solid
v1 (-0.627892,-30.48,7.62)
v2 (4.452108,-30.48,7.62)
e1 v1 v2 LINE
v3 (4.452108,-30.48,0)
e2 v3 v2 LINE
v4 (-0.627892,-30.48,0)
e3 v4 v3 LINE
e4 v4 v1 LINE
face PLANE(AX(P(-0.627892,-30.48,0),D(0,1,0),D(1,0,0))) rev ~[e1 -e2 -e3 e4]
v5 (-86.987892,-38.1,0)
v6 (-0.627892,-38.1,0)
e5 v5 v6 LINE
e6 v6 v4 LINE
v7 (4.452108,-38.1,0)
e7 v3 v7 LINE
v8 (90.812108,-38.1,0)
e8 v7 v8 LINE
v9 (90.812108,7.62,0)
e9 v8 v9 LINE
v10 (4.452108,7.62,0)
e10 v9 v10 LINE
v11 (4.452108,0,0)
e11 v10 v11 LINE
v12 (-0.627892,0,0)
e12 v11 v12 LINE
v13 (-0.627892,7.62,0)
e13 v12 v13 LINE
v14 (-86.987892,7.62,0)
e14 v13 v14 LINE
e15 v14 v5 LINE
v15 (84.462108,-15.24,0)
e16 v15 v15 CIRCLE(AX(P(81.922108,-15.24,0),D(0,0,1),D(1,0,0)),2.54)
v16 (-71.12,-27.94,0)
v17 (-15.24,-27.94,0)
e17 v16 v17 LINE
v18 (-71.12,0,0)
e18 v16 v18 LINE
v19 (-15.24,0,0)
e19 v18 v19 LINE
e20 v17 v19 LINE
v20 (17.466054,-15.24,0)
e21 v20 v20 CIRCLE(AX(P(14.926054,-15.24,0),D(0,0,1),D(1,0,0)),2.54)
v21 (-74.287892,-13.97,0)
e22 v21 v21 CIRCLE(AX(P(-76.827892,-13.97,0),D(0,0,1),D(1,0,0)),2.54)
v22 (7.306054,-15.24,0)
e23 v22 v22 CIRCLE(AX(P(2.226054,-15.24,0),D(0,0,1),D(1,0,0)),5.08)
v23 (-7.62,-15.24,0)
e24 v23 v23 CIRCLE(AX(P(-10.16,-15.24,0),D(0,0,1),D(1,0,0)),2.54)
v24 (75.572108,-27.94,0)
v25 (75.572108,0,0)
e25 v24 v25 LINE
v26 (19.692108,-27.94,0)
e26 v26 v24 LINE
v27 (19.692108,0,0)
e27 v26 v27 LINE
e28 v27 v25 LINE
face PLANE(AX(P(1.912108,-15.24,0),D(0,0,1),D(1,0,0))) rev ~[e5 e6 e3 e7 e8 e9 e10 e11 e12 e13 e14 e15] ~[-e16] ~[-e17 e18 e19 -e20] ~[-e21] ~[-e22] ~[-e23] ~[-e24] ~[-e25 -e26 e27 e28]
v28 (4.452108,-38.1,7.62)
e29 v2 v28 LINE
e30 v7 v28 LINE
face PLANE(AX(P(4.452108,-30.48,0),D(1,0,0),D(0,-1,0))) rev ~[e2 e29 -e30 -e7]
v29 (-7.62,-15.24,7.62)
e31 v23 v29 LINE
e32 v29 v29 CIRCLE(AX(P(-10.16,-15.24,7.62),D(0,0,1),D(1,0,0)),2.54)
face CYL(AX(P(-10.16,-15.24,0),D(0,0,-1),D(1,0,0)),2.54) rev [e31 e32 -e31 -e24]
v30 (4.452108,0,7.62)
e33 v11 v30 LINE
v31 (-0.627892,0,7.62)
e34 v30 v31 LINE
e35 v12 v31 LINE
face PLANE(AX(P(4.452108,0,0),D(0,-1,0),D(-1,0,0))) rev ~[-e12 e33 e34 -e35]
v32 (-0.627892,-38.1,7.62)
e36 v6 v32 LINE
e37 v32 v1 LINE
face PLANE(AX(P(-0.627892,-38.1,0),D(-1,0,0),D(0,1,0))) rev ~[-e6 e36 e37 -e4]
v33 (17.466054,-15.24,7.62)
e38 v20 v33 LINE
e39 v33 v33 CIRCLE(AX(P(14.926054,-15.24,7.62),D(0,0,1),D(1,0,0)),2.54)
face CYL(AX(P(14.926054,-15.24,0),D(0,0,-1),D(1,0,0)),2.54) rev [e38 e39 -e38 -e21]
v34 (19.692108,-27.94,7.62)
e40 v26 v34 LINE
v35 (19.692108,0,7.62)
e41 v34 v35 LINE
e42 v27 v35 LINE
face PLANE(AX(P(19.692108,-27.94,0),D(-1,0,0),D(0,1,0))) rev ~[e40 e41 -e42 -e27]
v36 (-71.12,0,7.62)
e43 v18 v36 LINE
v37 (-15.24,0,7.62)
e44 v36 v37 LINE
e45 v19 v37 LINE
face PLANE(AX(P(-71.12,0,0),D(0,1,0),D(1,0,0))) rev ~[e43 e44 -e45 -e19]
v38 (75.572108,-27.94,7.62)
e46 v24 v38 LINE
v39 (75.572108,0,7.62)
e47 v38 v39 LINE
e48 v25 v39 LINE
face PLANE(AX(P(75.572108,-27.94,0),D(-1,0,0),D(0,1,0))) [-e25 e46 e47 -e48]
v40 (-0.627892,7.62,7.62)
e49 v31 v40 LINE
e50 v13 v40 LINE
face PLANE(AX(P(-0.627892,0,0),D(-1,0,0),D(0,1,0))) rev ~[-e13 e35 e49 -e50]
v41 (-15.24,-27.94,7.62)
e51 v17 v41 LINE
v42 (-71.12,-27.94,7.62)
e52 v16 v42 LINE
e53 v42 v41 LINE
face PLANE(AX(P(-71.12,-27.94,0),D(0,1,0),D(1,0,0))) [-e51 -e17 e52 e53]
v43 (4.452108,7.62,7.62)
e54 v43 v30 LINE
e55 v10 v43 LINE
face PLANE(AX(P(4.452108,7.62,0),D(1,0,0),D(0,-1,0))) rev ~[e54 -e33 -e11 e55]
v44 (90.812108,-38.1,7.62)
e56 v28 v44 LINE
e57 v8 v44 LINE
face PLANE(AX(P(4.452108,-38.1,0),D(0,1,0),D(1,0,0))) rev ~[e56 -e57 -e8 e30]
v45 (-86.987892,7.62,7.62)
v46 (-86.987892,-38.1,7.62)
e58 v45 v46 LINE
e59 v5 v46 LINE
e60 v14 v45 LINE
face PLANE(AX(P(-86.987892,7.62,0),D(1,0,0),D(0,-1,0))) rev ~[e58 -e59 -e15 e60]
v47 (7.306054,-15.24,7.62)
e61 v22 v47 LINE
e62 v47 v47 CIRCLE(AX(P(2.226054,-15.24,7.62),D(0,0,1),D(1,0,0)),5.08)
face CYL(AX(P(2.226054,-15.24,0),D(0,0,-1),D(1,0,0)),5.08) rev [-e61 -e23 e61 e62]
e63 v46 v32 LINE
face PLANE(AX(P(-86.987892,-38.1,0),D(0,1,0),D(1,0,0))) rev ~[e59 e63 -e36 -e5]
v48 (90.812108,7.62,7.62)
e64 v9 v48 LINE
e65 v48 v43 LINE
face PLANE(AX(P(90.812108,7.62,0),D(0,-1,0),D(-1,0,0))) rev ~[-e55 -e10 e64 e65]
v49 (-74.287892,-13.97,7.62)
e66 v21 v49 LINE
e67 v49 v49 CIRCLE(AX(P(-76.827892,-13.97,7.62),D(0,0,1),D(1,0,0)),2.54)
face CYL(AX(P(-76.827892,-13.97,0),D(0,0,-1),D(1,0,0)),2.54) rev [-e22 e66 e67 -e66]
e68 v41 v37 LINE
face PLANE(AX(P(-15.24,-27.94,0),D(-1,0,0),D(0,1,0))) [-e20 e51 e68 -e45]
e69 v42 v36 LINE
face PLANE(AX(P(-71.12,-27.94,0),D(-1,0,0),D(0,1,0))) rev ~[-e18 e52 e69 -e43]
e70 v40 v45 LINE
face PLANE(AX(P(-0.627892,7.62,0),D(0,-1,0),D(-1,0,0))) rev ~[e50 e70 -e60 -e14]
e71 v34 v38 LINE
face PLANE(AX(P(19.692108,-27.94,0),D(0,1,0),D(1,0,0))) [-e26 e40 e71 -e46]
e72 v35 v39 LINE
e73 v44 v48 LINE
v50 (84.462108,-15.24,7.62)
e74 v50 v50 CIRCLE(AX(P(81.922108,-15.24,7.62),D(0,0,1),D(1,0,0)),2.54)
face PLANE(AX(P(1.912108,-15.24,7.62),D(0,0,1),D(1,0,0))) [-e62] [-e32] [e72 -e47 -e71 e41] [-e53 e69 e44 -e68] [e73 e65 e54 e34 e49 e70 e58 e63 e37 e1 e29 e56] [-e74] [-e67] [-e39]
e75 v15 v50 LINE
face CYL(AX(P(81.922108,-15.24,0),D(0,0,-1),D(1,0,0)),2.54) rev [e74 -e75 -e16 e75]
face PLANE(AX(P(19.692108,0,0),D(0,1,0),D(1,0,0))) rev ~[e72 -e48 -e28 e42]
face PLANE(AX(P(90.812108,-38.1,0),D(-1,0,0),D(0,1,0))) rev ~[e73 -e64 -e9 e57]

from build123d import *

# Parameters (mm, degrees)
F0_R     = 2.54
F0_W     = 55.88
F0_H     = 27.94
F0_R_2   = 5.08
F1_DEPTH = 7.62


with BuildPart() as f1:
    # F0 (on Top) → F1 (new body)
    with BuildSketch(Plane.XY):
        Polygon((-0.627892, 7.62), (-86.987892, 7.62), (-86.987892, -38.1), (-0.627892, -38.1), (-0.627892, -30.48), (4.452108, -30.48), (4.452108, -38.1), (90.812108, -38.1), (90.812108, 7.62), (4.452108, 7.62), (4.452108, 0), (-0.627892, 0), align=None)
        with Locations((-76.827892, -13.97)):
            Circle(F0_R, mode=Mode.SUBTRACT)
        with Locations((-43.18, -13.97)):
            Rectangle(F0_W, F0_H, mode=Mode.SUBTRACT)
        with Locations((-10.16, -15.24)):
            Circle(F0_R, mode=Mode.SUBTRACT)
        with Locations((2.226054, -15.24)):
            Circle(F0_R_2, mode=Mode.SUBTRACT)
        with Locations((14.926054, -15.24)):
            Circle(F0_R, mode=Mode.SUBTRACT)
        with Locations((47.632108, -13.97)):
            Rectangle(F0_W, F0_H, mode=Mode.SUBTRACT)
        with Locations((81.922108, -15.24)):
            Circle(F0_R, mode=Mode.SUBTRACT)
    extrude(amount=F1_DEPTH)


solid = f1.part
